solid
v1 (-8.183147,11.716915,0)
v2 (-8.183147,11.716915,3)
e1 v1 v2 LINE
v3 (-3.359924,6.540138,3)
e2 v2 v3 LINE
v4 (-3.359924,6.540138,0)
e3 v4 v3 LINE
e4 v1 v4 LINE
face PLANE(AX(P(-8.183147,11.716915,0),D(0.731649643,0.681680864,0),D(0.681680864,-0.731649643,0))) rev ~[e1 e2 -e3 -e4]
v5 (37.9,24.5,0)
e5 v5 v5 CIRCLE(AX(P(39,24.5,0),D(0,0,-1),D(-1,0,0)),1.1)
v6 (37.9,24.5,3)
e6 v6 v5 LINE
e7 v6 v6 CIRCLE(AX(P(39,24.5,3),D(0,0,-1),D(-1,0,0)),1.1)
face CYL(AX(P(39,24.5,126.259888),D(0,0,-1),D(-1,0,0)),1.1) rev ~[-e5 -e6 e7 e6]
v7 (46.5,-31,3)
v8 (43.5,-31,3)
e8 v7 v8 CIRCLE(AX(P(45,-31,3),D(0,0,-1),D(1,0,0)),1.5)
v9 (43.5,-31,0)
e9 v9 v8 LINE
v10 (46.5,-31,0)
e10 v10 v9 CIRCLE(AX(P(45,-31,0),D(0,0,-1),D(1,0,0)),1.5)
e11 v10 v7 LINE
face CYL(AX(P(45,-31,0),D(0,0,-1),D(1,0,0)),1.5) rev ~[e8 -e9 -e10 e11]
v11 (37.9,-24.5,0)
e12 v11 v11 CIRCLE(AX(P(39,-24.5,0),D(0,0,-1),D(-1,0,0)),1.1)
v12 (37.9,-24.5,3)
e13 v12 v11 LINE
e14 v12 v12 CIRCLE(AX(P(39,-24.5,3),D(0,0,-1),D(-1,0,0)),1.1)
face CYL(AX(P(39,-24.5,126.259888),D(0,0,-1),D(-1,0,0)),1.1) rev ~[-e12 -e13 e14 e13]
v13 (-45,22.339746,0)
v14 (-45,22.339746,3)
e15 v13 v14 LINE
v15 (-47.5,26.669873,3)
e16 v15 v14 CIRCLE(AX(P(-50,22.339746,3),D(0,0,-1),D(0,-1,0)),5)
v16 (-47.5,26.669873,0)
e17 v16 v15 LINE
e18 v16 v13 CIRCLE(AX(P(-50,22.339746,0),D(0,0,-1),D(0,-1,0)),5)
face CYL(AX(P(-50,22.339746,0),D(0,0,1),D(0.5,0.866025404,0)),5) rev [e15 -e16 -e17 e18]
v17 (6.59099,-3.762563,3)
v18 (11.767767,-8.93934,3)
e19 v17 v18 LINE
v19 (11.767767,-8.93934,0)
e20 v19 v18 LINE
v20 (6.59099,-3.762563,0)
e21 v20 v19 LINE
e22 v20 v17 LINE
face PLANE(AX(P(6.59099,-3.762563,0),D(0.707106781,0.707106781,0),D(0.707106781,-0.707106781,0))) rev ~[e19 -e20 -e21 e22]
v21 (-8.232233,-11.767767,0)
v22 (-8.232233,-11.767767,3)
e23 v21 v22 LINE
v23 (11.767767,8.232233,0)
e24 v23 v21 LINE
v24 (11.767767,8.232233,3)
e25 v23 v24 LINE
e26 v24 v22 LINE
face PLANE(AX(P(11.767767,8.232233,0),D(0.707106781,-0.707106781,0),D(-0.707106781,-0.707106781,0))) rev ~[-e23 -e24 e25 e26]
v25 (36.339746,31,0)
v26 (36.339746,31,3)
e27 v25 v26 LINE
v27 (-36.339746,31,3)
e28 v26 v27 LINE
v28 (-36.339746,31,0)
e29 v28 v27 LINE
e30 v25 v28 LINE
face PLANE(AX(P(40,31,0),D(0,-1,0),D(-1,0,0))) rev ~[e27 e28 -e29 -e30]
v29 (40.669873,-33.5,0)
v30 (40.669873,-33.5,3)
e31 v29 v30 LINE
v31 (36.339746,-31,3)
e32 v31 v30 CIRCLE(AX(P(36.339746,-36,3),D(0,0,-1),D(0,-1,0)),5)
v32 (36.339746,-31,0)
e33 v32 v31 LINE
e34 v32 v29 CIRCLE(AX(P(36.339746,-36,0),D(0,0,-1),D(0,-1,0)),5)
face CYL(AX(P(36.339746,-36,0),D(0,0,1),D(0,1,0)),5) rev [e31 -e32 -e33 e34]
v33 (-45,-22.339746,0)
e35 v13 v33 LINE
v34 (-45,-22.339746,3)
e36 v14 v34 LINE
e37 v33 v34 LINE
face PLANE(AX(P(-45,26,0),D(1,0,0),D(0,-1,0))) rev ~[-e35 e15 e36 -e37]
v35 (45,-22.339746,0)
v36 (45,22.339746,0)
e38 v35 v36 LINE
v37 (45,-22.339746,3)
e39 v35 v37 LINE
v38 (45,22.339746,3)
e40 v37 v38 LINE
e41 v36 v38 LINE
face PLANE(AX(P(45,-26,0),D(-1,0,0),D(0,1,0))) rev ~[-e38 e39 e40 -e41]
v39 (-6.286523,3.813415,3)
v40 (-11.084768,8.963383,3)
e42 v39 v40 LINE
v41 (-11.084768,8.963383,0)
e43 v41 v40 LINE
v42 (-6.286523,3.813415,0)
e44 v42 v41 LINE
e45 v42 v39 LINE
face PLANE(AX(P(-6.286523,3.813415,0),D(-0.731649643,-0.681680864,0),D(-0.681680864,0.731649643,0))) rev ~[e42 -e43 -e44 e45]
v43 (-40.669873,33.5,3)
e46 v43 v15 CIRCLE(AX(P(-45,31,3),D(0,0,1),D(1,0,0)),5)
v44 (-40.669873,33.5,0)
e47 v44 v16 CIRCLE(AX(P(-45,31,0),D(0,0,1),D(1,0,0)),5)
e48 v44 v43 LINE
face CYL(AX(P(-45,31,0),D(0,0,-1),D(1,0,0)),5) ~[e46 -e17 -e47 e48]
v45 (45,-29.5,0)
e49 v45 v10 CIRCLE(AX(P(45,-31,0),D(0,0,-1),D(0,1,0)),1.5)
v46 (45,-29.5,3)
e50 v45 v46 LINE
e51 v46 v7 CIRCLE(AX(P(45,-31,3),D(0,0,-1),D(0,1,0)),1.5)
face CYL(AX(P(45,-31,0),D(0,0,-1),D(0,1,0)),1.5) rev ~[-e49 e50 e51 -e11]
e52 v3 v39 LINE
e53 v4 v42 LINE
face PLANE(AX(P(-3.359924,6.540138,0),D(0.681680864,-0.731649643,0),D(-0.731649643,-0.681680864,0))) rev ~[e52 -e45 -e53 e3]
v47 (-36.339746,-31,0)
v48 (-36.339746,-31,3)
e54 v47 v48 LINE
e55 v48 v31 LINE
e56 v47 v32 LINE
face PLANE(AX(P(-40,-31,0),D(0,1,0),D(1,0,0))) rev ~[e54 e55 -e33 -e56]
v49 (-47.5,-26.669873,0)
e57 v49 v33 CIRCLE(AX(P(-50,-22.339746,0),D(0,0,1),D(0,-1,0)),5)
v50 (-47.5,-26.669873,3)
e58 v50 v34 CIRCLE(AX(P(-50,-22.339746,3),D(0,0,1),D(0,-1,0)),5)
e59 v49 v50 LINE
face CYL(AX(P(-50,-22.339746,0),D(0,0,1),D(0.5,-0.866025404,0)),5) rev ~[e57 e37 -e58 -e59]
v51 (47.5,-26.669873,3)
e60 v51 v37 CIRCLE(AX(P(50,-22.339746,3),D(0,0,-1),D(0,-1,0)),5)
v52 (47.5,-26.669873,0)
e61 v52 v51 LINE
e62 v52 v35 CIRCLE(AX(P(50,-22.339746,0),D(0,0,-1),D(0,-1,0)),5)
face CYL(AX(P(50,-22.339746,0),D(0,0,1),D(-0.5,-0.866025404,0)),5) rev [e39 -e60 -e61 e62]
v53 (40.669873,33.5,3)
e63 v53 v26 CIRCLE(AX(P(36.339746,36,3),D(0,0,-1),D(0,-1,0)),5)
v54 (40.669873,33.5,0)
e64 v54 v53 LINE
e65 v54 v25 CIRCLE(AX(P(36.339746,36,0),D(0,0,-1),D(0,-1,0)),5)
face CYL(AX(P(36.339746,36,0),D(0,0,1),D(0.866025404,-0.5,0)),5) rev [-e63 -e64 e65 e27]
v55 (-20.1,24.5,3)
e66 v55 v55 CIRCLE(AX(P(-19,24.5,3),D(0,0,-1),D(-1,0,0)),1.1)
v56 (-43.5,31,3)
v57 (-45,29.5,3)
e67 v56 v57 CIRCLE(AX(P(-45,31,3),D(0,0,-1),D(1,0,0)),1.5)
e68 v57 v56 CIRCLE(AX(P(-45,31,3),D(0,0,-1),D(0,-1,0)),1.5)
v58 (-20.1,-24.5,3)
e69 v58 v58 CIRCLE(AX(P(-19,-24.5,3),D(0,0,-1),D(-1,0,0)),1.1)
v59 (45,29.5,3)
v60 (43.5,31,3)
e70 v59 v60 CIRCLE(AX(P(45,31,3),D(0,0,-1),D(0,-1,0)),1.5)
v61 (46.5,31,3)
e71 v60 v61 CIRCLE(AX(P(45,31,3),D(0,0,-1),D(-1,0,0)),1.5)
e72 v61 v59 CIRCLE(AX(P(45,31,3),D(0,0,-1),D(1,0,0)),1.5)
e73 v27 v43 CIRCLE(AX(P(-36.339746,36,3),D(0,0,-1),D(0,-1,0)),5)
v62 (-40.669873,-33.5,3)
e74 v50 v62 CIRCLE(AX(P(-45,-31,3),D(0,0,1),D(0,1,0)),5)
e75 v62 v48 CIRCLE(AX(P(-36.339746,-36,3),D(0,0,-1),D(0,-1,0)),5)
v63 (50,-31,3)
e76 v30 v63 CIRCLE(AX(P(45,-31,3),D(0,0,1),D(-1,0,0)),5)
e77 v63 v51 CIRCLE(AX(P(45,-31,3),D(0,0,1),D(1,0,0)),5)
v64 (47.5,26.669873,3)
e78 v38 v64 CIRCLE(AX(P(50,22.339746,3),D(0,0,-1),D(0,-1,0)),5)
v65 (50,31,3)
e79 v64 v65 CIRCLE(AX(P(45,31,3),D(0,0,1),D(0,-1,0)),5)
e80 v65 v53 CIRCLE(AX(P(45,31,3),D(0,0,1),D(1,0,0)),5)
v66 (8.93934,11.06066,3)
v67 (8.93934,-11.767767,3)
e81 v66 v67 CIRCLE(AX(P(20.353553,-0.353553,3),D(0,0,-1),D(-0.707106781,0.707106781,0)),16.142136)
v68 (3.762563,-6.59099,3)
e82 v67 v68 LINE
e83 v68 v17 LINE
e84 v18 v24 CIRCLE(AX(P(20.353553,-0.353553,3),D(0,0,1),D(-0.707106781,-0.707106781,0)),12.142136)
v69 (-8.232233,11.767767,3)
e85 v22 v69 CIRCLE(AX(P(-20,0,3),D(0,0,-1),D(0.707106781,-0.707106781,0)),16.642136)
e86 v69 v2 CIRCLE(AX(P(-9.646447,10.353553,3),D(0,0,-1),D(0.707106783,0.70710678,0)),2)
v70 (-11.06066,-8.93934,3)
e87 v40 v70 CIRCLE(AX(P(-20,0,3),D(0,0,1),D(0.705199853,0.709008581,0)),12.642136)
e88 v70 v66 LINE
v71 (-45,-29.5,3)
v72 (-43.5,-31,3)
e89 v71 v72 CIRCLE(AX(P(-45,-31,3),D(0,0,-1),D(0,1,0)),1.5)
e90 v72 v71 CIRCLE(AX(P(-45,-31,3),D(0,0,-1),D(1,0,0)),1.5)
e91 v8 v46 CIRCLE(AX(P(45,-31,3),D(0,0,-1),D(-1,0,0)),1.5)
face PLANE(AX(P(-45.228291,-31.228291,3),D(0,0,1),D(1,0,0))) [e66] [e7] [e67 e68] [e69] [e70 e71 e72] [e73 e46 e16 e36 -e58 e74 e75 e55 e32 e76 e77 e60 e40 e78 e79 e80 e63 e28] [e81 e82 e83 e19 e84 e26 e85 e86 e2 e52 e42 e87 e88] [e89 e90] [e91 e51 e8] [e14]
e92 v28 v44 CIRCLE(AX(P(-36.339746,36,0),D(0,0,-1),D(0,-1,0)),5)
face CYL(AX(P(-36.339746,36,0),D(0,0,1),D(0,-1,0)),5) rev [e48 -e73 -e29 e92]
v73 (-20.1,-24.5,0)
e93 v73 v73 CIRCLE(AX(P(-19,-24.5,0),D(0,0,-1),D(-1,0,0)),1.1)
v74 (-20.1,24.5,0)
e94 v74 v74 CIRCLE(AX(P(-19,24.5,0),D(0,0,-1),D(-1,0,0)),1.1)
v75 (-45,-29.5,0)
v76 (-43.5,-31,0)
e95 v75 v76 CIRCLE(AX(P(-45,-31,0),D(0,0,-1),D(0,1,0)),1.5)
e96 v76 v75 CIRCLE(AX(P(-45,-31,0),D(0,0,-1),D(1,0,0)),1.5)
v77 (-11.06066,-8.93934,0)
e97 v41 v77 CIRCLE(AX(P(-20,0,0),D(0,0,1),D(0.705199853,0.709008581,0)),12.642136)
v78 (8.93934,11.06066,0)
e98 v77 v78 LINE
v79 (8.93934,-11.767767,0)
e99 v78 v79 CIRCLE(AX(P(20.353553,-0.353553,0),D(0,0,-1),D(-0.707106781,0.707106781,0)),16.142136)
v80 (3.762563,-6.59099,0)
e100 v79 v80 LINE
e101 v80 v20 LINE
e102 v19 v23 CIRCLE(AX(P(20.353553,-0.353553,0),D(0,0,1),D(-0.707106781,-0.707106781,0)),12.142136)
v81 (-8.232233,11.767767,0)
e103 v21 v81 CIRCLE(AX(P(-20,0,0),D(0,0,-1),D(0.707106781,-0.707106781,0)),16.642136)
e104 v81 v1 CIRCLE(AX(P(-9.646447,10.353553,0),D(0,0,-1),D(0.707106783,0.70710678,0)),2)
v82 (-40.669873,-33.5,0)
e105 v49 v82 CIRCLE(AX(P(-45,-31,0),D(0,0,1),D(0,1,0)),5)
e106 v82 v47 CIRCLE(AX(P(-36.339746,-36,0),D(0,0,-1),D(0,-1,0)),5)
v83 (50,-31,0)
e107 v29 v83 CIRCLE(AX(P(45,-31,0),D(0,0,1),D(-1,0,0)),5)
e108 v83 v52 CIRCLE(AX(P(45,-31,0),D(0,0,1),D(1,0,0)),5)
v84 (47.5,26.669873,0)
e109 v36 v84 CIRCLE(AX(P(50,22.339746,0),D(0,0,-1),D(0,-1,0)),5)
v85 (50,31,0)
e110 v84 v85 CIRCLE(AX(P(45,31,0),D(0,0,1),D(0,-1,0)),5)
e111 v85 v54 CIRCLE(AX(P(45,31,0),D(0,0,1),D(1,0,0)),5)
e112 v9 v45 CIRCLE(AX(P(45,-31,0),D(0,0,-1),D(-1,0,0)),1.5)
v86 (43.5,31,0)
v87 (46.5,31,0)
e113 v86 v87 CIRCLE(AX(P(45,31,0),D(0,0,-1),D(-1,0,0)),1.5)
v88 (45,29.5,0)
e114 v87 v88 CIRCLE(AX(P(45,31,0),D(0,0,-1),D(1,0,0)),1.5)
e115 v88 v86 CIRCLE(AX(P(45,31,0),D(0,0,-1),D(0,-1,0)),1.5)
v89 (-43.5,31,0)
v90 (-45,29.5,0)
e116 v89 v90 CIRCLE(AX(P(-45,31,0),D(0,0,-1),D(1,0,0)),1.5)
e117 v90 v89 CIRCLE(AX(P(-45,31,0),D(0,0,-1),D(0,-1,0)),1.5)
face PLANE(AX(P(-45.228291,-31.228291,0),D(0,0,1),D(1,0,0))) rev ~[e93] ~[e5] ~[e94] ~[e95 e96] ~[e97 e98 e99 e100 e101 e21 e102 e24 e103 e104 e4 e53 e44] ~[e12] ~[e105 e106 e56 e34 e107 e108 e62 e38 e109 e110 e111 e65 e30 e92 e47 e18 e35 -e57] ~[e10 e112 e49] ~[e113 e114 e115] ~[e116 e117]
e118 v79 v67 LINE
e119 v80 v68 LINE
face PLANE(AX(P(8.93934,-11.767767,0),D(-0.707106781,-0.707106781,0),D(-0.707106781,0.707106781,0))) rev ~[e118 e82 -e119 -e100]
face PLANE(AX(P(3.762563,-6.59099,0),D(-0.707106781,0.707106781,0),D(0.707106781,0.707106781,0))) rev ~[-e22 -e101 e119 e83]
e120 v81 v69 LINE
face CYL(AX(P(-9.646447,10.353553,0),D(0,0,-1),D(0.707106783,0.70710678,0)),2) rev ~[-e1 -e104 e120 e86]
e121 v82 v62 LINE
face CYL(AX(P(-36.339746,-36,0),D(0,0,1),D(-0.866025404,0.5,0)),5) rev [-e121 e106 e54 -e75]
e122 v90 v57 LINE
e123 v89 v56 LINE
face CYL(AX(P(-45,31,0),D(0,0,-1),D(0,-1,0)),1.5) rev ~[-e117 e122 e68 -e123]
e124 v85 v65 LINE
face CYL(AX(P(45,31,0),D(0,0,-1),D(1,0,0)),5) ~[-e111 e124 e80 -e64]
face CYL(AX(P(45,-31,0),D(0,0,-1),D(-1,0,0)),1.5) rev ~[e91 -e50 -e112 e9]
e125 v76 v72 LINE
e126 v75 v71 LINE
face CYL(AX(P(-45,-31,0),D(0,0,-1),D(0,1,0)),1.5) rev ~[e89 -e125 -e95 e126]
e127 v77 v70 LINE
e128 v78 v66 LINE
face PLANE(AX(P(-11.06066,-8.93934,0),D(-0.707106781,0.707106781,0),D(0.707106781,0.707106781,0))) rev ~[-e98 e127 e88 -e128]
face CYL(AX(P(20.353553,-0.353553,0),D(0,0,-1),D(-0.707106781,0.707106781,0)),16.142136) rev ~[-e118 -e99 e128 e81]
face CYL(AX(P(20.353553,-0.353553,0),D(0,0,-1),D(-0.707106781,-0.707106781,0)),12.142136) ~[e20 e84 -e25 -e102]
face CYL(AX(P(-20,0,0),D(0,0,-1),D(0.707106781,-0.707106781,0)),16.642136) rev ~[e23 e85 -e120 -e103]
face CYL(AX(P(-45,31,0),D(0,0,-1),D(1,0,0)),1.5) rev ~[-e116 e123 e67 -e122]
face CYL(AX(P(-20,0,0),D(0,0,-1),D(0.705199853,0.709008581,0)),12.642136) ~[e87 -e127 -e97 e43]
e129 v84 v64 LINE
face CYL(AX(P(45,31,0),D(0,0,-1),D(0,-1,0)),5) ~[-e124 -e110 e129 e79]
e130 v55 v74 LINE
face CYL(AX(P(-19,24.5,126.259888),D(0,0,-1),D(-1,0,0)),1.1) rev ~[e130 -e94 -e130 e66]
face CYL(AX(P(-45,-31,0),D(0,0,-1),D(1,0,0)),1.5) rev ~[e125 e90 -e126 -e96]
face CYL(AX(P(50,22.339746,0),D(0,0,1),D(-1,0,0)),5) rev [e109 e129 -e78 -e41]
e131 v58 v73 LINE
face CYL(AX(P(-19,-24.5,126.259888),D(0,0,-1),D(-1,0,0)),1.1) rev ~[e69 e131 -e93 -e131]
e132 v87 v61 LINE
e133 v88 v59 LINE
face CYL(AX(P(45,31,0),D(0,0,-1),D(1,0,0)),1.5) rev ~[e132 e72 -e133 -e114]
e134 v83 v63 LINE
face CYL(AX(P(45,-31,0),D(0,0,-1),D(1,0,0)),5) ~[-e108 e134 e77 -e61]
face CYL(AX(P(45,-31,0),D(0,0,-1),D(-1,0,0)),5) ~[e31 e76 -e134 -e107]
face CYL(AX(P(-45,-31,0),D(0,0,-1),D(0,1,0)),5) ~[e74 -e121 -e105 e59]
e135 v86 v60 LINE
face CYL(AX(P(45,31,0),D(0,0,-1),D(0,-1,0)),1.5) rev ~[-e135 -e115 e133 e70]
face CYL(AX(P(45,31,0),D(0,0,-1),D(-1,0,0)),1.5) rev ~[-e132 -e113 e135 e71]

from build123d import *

# Parameters (mm, degrees)
F1_DEPTH = 3
F2_R     = 5
F4_D     = 2.2


with BuildPart() as f1:
    # F0 (on Top) → F1 (new body)
    with BuildSketch(Plane.XY):
        with BuildLine():
            ThreePointArc((-45, -26), (-48.5355339059, -34.5355339059), (-40, -31))
            Line((-40, -31), (-43.5, -31))
            ThreePointArc((-43.5, -31), (-46.0606601718, -32.0606601718), (-45, -29.5))
            Line((-45, -29.5), (-45, -26))
        make_face()
        with BuildLine():
            ThreePointArc((-45, -26), (-41.4644660941, -27.4644660941), (-40, -31))
            Line((-40, -31), (40, -31))
            ThreePointArc((40, -31), (41.4644660941, -27.4644660941), (45, -26))
            Line((45, -26), (45, 26))
            ThreePointArc((45, 26), (41.4644660941, 27.4644660941), (40, 31))
            Line((40, 31), (-40, 31))
            ThreePointArc((-40, 31), (-41.4644660941, 27.4644660941), (-45, 26))
            Line((-45, 26), (-45, -26))
        make_face()
        with BuildLine():
            Line((-11.0606601718, -8.9393398282), (8.9393398282, 11.0606601718))
            ThreePointArc((8.9393398282, 11.0606601718), (36.4956890143, -0.3535533906), (8.9393398282, -11.767766953))
            Line((8.9393398282, -11.767766953), (3.7625631329, -6.5909902577))
            Line((3.7625631329, -6.5909902577), (5.1767766953, -5.1767766953))
            Line((5.1767766953, -5.1767766953), (6.5909902577, -3.7625631329))
            Line((6.5909902577, -3.7625631329), (11.767766953, -8.9393398282))
            ThreePointArc((11.767766953, -8.9393398282), (32.4956890143, -0.3535533906), (11.767766953, 8.232233047))
            Line((11.767766953, 8.232233047), (-8.232233047, -11.767766953))
            ThreePointArc((-8.232233047, -11.767766953), (-36.6421356237, 0), (-8.232233047, 11.767766953))
            ThreePointArc((-8.232233047, 11.767766953), (-8.2074655375, 11.7425578811), (-8.1831473235, 11.716915118))
            Line((-8.1831473235, 11.716915118), (-3.3599240188, 6.5401384227))
            Line((-3.3599240188, 6.5401384227), (-4.8232233047, 5.1767766953))
            Line((-4.8232233047, 5.1767766953), (-6.2865225906, 3.8134149679))
            Line((-6.2865225906, 3.8134149679), (-11.0847678218, 8.9633826393))
            ThreePointArc((-11.0847678218, 8.9633826393), (-32.6421241617, -0.0170237742), (-11.0606601718, -8.9393398282))
        make_face(mode=Mode.SUBTRACT)
        with BuildLine():
            Line((-43.5, -31), (-40, -31))
            ThreePointArc((-40, -31), (-41.4644660941, -27.4644660941), (-45, -26))
            Line((-45, -26), (-45, -29.5))
            ThreePointArc((-45, -29.5), (-43.9393398282, -29.9393398282), (-43.5, -31))
        make_face()
        with BuildLine():
            ThreePointArc((45, -26), (41.4644660941, -27.4644660941), (40, -31))
            Line((40, -31), (43.5, -31))
            ThreePointArc((43.5, -31), (43.9393398282, -29.9393398282), (45, -29.5))
            Line((45, -29.5), (45, -26))
        make_face()
        with BuildLine():
            Line((43.5, -31), (40, -31))
            ThreePointArc((40, -31), (45, -36), (50, -31))
            ThreePointArc((50, -31), (48.5355339059, -27.4644660941), (45, -26))
            Line((45, -26), (45, -29.5))
            ThreePointArc((45, -29.5), (46.0606601718, -29.9393398282), (46.5, -31))
            ThreePointArc((46.5, -31), (45, -32.5), (43.5, -31))
        make_face()
        with BuildLine():
            ThreePointArc((-40, 31), (-48.5355339059, 34.5355339059), (-45, 26))
            Line((-45, 26), (-45, 29.5))
            ThreePointArc((-45, 29.5), (-46.0606601718, 32.0606601718), (-43.5, 31))
            Line((-43.5, 31), (-40, 31))
        make_face()
        with BuildLine():
            Line((-45, 29.5), (-45, 26))
            ThreePointArc((-45, 26), (-41.4644660941, 27.4644660941), (-40, 31))
            Line((-40, 31), (-43.5, 31))
            ThreePointArc((-43.5, 31), (-43.9393398282, 29.9393398282), (-45, 29.5))
        make_face()
        with BuildLine():
            ThreePointArc((40, 31), (41.4644660941, 27.4644660941), (45, 26))
            Line((45, 26), (45, 29.5))
            ThreePointArc((45, 29.5), (43.9393398282, 29.9393398282), (43.5, 31))
            Line((43.5, 31), (40, 31))
        make_face()
        with BuildLine():
            Line((45, 29.5), (45, 26))
            ThreePointArc((45, 26), (48.5355339059, 27.4644660941), (50, 31))
            ThreePointArc((50, 31), (45, 36), (40, 31))
            Line((40, 31), (43.5, 31))
            ThreePointArc((43.5, 31), (45, 32.5), (46.5, 31))
            ThreePointArc((46.5, 31), (46.0606601718, 29.9393398282), (45, 29.5))
        make_face()
    extrude(amount=F1_DEPTH)

    # F2
    f2_edges = [f1.edges().sort_by_distance(p)[0] for p in [
        (-40, -31, 1.5),
        (45, 26, 1.5),
        (40, -31, 1.5),
        (-45, -26, 1.5),
        (-45, 26, 1.5),
        (-40, 31, 1.5),
        (40, 31, 1.5),
        (45, -26, 1.5),
    ]]
    fillet(f2_edges, radius=F2_R)

    # F4 (through all)
    with Locations(Plane.XY.offset(3)):
        with Locations((-19, 24.5), (39, 24.5), (39, -24.5), (-19, -24.5)):
            Hole(F4_D / 2)


solid = f1.part
